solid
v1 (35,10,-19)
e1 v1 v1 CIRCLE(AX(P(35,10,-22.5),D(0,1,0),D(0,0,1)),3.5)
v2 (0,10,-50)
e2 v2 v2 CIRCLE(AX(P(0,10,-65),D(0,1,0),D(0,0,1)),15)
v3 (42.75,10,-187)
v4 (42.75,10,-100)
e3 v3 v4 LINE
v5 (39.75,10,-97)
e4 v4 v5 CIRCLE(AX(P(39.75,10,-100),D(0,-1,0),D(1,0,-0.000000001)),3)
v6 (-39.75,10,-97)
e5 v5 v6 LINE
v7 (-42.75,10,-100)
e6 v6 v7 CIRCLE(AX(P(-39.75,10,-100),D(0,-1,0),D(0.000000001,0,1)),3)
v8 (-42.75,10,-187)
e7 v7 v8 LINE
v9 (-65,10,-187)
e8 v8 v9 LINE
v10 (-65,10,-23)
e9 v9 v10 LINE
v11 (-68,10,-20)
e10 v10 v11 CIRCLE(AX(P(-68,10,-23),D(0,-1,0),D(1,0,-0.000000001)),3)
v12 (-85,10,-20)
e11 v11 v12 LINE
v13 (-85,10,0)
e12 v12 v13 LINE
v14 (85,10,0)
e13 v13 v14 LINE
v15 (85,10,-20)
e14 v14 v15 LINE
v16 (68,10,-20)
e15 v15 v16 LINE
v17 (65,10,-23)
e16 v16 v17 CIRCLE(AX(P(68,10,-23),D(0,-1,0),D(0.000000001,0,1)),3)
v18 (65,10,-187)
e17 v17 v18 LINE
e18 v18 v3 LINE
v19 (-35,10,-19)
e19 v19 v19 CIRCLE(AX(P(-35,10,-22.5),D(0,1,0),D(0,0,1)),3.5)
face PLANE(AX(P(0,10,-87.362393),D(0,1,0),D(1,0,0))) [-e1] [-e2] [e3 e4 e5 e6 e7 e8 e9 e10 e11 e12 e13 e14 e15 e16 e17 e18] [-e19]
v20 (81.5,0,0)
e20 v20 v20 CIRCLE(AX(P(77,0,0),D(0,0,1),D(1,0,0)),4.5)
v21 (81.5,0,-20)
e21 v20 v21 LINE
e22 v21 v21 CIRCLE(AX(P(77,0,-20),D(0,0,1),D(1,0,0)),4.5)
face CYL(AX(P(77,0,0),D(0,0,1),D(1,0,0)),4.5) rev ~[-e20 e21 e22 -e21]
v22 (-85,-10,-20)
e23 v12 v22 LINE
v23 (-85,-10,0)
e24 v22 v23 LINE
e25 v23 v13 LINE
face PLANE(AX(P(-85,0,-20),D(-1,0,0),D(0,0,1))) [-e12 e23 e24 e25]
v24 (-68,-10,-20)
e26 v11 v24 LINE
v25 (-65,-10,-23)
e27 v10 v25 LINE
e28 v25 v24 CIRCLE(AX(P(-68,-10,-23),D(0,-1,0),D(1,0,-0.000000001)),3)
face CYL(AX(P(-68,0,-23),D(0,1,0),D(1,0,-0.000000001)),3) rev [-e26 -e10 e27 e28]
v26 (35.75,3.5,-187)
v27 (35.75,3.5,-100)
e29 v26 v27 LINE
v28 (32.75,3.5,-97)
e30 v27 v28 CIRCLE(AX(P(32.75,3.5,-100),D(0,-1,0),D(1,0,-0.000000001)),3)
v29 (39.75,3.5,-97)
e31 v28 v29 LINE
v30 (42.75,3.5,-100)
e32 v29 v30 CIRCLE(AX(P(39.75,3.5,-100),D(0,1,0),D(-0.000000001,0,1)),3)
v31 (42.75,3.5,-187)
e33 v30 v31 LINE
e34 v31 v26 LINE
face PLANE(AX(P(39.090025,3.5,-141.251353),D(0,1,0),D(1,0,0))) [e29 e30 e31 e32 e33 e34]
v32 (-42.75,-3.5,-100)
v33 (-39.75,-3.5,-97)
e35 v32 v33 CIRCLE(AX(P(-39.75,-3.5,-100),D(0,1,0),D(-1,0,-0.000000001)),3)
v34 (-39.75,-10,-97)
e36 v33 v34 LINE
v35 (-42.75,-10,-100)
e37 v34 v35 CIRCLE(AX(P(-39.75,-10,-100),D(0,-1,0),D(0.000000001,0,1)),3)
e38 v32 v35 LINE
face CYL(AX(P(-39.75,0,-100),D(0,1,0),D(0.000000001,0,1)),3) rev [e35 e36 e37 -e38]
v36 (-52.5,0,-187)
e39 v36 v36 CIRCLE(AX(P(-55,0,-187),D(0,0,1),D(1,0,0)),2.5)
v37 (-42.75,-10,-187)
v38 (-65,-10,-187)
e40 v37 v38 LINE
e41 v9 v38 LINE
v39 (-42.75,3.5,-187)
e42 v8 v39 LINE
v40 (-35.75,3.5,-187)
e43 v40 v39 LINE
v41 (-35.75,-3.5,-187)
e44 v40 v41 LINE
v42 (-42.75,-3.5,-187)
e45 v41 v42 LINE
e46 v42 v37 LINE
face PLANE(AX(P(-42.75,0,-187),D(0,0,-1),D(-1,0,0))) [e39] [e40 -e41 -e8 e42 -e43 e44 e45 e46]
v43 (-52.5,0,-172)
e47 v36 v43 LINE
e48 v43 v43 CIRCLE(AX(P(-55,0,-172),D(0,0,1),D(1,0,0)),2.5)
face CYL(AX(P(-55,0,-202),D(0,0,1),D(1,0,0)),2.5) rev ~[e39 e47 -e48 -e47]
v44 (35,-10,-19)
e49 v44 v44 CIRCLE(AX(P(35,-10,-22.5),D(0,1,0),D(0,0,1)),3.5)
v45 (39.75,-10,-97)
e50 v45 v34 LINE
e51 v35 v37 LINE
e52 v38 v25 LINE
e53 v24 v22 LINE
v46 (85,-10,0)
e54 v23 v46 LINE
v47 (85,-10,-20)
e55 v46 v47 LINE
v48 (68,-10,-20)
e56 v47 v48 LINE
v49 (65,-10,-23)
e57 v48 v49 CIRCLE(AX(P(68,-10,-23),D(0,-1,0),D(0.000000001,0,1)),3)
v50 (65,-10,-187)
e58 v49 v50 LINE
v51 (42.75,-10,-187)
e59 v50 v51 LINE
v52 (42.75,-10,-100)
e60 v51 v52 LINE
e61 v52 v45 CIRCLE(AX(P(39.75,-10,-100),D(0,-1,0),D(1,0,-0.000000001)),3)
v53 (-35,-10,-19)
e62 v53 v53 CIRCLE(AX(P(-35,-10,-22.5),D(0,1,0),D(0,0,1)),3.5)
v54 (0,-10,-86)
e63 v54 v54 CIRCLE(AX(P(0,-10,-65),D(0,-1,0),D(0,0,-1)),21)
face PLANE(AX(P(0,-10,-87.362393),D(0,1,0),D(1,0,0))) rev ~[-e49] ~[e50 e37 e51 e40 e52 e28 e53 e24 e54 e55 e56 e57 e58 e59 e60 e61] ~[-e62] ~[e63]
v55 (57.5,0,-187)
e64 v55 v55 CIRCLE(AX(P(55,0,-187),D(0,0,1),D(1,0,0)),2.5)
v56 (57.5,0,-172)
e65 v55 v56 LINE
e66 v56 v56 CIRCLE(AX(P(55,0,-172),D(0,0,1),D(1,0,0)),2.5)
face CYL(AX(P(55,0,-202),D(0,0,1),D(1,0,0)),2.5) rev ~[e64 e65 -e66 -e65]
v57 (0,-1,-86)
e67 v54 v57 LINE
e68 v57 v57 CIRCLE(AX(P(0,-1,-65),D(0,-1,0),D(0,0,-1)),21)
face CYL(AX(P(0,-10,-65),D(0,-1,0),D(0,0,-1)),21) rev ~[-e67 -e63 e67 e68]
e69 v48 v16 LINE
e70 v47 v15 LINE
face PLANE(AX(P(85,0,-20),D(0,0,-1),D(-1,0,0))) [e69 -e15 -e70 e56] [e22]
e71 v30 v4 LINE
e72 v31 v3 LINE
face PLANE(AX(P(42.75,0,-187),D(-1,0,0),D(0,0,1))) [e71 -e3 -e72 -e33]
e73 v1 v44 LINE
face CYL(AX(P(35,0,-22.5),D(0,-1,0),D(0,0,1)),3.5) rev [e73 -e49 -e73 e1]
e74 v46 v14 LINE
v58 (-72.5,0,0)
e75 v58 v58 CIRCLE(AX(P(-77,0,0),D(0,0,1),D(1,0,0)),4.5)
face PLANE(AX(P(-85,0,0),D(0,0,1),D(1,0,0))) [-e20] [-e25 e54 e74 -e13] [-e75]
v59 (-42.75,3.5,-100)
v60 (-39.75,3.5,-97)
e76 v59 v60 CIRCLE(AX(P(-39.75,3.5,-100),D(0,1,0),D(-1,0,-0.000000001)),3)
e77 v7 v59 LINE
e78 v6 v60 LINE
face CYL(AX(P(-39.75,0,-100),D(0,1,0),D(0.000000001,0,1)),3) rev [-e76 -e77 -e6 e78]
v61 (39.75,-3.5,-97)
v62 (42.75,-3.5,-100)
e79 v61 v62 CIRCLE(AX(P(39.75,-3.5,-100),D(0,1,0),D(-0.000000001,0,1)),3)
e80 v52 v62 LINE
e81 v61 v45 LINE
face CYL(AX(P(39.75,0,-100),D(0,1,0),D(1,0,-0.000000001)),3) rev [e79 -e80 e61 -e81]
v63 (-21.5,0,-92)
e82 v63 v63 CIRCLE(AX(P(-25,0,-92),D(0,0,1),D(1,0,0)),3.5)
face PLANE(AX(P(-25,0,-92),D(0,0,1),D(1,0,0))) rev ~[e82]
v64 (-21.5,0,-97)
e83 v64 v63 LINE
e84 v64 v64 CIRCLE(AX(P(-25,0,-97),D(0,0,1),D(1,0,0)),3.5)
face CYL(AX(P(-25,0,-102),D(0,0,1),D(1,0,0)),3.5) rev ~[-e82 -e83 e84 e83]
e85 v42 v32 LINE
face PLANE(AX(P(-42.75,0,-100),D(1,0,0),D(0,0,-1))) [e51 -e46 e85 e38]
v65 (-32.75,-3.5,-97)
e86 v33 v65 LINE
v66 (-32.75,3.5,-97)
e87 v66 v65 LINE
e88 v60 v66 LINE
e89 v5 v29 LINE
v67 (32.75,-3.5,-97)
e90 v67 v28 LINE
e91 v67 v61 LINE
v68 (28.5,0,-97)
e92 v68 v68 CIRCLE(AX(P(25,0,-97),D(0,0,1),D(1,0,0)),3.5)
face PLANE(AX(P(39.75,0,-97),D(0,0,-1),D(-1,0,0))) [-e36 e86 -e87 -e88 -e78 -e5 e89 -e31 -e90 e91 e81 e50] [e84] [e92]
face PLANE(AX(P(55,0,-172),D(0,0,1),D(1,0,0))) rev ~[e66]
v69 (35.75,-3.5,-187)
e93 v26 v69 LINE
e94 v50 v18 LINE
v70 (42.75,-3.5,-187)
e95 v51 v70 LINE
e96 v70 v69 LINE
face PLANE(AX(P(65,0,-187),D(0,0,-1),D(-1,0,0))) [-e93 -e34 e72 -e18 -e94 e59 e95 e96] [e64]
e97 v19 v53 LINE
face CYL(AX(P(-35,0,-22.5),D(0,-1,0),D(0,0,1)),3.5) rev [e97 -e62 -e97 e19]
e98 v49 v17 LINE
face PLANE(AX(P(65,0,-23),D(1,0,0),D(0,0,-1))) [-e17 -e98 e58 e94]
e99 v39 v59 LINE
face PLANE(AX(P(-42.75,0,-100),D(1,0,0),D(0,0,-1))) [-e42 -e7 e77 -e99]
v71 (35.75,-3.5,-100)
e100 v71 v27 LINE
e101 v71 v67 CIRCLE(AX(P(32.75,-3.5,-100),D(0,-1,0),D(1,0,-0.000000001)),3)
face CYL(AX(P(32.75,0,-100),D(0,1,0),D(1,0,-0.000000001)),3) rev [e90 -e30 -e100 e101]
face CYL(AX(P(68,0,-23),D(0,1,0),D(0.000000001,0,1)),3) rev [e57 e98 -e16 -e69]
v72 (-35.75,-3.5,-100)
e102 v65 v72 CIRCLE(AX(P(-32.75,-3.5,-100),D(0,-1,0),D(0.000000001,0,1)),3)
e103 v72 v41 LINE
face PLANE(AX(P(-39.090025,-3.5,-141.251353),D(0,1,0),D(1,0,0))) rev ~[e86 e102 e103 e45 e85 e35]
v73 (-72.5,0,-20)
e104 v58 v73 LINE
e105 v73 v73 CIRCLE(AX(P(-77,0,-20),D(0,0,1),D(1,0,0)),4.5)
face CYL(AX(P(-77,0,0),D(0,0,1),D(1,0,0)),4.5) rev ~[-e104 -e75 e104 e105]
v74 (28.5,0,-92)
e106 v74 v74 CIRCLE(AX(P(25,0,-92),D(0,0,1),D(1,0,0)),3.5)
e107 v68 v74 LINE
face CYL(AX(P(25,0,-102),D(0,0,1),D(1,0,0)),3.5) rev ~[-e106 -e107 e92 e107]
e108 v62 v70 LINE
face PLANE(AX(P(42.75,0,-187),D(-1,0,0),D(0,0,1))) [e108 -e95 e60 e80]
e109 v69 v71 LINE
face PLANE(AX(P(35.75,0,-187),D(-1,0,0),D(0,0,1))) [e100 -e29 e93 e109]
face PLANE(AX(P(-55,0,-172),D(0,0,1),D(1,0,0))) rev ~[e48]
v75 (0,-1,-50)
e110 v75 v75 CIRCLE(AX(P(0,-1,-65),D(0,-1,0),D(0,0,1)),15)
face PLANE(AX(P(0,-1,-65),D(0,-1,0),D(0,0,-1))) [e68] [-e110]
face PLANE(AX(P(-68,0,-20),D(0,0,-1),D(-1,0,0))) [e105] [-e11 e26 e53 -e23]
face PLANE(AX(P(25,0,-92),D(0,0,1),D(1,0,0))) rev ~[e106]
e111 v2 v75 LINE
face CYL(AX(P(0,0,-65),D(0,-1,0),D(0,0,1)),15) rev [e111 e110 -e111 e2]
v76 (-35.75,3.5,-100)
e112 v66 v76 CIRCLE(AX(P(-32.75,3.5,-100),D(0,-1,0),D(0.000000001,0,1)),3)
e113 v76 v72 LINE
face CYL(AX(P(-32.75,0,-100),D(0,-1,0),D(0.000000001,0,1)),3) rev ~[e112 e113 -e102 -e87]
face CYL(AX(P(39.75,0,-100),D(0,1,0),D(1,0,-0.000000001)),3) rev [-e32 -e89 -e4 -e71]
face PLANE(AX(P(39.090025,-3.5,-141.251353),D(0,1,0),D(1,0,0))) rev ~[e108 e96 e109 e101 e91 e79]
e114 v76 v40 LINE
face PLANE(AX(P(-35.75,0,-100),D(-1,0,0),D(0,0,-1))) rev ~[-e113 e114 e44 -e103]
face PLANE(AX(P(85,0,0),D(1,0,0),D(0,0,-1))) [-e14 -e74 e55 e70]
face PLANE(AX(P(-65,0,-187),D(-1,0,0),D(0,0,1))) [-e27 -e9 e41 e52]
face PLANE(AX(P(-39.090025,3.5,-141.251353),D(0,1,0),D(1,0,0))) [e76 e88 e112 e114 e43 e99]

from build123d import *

# Parameters (mm, degrees)
SKETCH1_R                 = 3.5
SKETCH1_R_2               = 15
BOSS_EXTRUDE1_DEPTH       = 10
BOSS_EXTRUDE2_DEPTH       = 3.5
SKETCH2_R                 = 21
CUT_EXTRUDE1_DEPTH        = 9
F_1_0MM_DOWEL_HOLE1_D     = 7
F_1_0MM_DOWEL_HOLE1_DEPTH = 5
SKETCH6_R                 = 4.5
CUT_EXTRUDE2_DEPTH        = 20
M6_TAPPED_HOLE1_D         = 5
M6_TAPPED_HOLE1_DEPTH     = 15
M6_TAPPED_HOLE2_D         = 5
M6_TAPPED_HOLE2_DEPTH     = 15


with BuildPart() as part:
    # Sketch1 → Boss-Extrude1 (new, symmetric)
    with BuildSketch(Plane(origin=(0, 0, 0), x_dir=(1, 0, 0), z_dir=(0, 1, 0))):
        with BuildLine():
            Line((-85, 20), (-85, 0))
            Line((-85, 0), (85, 0))
            Line((85, 0), (85, 20))
            Line((85, 20), (68, 20))
            ThreePointArc((68, 20), (65.878679656, 20.878679656), (65, 23))
            Line((65, 23), (65, 187))
            Line((65, 187), (42.75, 187))
            Line((42.75, 187), (42.75, 100))
            ThreePointArc((42.75, 100), (41.871320344, 97.878679656), (39.75, 97))
            Line((39.75, 97), (32.75, 97))
            Line((32.75, 97), (-32.75, 97))
            Line((-32.75, 97), (-39.75, 97))
            ThreePointArc((-39.75, 97), (-41.871320344, 97.878679656), (-42.75, 100))
            Line((-42.75, 100), (-42.75, 187))
            Line((-42.75, 187), (-65, 187))
            Line((-65, 187), (-65, 23))
            ThreePointArc((-65, 23), (-65.878679656, 20.878679656), (-68, 20))
            Line((-68, 20), (-85, 20))
        make_face()
        with Locations((-35, 22.5)):
            Circle(SKETCH1_R, mode=Mode.SUBTRACT)
        with Locations((35, 22.5)):
            Circle(SKETCH1_R, mode=Mode.SUBTRACT)
        with Locations((0, 65)):
            Circle(SKETCH1_R_2, mode=Mode.SUBTRACT)
    extrude(amount=BOSS_EXTRUDE1_DEPTH, both=True)

    # Sketch1<4> → Boss-Extrude2 (add, symmetric)
    with BuildSketch(Plane(origin=(0, 0, 0), x_dir=(1, 0, 0), z_dir=(0, 1, 0))):
        with BuildLine():
            Line((-35.75, 187), (-42.75, 187))
            Line((-42.75, 187), (-42.75, 100))
            ThreePointArc((-42.75, 100), (-41.871320344, 97.878679656), (-39.75, 97))
            Line((-39.75, 97), (-32.75, 97))
            ThreePointArc((-32.75, 97), (-34.871320344, 97.878679656), (-35.75, 100))
            Line((-35.75, 100), (-35.75, 187))
        make_face()
        with BuildLine():
            Line((42.75, 100), (42.75, 187))
            Line((42.75, 187), (35.75, 187))
            Line((35.75, 187), (35.75, 100))
            ThreePointArc((35.75, 100), (34.871320344, 97.878679656), (32.75, 97))
            Line((32.75, 97), (39.75, 97))
            ThreePointArc((39.75, 97), (41.871320344, 97.878679656), (42.75, 100))
        make_face()
    extrude(amount=BOSS_EXTRUDE2_DEPTH, both=True)

    # Sketch2 → Cut-Extrude1 (cut)
    with BuildSketch(Plane.XZ.offset(10)):
        with Locations((0, -65)):
            Circle(SKETCH2_R)
    extrude(amount=-CUT_EXTRUDE1_DEPTH, mode=Mode.SUBTRACT)

    # Ø1.0mm Dowel Hole1
    with Locations(Plane(origin=(0, 0, -97), x_dir=(-1, 0, 0), z_dir=(0, 0, -1))):
        with Locations((-25, 0), (25, 0)):
            Hole(F_1_0MM_DOWEL_HOLE1_D / 2, depth=F_1_0MM_DOWEL_HOLE1_DEPTH)

    # Sketch6 → Cut-Extrude2 (cut)
    with BuildSketch(Plane.XY):
        with Locations((77, 0)):
            Circle(SKETCH6_R)
        with Locations((-77, 0)):
            Circle(SKETCH6_R)
    extrude(amount=-CUT_EXTRUDE2_DEPTH, mode=Mode.SUBTRACT)

    # M6 Tapped Hole1
    with Locations(Plane(origin=(0, 0, -187), x_dir=(-1, 0, 0), z_dir=(0, 0, -1))):
        with Locations((55, 0)):
            Hole(M6_TAPPED_HOLE1_D / 2, depth=M6_TAPPED_HOLE1_DEPTH)

    # M6 Tapped Hole2
    with Locations(Plane(origin=(0, 0, -187), x_dir=(-1, 0, 0), z_dir=(0, 0, -1))):
        with Locations((-55, 0)):
            Hole(M6_TAPPED_HOLE2_D / 2, depth=M6_TAPPED_HOLE2_DEPTH)


solid = part.part
